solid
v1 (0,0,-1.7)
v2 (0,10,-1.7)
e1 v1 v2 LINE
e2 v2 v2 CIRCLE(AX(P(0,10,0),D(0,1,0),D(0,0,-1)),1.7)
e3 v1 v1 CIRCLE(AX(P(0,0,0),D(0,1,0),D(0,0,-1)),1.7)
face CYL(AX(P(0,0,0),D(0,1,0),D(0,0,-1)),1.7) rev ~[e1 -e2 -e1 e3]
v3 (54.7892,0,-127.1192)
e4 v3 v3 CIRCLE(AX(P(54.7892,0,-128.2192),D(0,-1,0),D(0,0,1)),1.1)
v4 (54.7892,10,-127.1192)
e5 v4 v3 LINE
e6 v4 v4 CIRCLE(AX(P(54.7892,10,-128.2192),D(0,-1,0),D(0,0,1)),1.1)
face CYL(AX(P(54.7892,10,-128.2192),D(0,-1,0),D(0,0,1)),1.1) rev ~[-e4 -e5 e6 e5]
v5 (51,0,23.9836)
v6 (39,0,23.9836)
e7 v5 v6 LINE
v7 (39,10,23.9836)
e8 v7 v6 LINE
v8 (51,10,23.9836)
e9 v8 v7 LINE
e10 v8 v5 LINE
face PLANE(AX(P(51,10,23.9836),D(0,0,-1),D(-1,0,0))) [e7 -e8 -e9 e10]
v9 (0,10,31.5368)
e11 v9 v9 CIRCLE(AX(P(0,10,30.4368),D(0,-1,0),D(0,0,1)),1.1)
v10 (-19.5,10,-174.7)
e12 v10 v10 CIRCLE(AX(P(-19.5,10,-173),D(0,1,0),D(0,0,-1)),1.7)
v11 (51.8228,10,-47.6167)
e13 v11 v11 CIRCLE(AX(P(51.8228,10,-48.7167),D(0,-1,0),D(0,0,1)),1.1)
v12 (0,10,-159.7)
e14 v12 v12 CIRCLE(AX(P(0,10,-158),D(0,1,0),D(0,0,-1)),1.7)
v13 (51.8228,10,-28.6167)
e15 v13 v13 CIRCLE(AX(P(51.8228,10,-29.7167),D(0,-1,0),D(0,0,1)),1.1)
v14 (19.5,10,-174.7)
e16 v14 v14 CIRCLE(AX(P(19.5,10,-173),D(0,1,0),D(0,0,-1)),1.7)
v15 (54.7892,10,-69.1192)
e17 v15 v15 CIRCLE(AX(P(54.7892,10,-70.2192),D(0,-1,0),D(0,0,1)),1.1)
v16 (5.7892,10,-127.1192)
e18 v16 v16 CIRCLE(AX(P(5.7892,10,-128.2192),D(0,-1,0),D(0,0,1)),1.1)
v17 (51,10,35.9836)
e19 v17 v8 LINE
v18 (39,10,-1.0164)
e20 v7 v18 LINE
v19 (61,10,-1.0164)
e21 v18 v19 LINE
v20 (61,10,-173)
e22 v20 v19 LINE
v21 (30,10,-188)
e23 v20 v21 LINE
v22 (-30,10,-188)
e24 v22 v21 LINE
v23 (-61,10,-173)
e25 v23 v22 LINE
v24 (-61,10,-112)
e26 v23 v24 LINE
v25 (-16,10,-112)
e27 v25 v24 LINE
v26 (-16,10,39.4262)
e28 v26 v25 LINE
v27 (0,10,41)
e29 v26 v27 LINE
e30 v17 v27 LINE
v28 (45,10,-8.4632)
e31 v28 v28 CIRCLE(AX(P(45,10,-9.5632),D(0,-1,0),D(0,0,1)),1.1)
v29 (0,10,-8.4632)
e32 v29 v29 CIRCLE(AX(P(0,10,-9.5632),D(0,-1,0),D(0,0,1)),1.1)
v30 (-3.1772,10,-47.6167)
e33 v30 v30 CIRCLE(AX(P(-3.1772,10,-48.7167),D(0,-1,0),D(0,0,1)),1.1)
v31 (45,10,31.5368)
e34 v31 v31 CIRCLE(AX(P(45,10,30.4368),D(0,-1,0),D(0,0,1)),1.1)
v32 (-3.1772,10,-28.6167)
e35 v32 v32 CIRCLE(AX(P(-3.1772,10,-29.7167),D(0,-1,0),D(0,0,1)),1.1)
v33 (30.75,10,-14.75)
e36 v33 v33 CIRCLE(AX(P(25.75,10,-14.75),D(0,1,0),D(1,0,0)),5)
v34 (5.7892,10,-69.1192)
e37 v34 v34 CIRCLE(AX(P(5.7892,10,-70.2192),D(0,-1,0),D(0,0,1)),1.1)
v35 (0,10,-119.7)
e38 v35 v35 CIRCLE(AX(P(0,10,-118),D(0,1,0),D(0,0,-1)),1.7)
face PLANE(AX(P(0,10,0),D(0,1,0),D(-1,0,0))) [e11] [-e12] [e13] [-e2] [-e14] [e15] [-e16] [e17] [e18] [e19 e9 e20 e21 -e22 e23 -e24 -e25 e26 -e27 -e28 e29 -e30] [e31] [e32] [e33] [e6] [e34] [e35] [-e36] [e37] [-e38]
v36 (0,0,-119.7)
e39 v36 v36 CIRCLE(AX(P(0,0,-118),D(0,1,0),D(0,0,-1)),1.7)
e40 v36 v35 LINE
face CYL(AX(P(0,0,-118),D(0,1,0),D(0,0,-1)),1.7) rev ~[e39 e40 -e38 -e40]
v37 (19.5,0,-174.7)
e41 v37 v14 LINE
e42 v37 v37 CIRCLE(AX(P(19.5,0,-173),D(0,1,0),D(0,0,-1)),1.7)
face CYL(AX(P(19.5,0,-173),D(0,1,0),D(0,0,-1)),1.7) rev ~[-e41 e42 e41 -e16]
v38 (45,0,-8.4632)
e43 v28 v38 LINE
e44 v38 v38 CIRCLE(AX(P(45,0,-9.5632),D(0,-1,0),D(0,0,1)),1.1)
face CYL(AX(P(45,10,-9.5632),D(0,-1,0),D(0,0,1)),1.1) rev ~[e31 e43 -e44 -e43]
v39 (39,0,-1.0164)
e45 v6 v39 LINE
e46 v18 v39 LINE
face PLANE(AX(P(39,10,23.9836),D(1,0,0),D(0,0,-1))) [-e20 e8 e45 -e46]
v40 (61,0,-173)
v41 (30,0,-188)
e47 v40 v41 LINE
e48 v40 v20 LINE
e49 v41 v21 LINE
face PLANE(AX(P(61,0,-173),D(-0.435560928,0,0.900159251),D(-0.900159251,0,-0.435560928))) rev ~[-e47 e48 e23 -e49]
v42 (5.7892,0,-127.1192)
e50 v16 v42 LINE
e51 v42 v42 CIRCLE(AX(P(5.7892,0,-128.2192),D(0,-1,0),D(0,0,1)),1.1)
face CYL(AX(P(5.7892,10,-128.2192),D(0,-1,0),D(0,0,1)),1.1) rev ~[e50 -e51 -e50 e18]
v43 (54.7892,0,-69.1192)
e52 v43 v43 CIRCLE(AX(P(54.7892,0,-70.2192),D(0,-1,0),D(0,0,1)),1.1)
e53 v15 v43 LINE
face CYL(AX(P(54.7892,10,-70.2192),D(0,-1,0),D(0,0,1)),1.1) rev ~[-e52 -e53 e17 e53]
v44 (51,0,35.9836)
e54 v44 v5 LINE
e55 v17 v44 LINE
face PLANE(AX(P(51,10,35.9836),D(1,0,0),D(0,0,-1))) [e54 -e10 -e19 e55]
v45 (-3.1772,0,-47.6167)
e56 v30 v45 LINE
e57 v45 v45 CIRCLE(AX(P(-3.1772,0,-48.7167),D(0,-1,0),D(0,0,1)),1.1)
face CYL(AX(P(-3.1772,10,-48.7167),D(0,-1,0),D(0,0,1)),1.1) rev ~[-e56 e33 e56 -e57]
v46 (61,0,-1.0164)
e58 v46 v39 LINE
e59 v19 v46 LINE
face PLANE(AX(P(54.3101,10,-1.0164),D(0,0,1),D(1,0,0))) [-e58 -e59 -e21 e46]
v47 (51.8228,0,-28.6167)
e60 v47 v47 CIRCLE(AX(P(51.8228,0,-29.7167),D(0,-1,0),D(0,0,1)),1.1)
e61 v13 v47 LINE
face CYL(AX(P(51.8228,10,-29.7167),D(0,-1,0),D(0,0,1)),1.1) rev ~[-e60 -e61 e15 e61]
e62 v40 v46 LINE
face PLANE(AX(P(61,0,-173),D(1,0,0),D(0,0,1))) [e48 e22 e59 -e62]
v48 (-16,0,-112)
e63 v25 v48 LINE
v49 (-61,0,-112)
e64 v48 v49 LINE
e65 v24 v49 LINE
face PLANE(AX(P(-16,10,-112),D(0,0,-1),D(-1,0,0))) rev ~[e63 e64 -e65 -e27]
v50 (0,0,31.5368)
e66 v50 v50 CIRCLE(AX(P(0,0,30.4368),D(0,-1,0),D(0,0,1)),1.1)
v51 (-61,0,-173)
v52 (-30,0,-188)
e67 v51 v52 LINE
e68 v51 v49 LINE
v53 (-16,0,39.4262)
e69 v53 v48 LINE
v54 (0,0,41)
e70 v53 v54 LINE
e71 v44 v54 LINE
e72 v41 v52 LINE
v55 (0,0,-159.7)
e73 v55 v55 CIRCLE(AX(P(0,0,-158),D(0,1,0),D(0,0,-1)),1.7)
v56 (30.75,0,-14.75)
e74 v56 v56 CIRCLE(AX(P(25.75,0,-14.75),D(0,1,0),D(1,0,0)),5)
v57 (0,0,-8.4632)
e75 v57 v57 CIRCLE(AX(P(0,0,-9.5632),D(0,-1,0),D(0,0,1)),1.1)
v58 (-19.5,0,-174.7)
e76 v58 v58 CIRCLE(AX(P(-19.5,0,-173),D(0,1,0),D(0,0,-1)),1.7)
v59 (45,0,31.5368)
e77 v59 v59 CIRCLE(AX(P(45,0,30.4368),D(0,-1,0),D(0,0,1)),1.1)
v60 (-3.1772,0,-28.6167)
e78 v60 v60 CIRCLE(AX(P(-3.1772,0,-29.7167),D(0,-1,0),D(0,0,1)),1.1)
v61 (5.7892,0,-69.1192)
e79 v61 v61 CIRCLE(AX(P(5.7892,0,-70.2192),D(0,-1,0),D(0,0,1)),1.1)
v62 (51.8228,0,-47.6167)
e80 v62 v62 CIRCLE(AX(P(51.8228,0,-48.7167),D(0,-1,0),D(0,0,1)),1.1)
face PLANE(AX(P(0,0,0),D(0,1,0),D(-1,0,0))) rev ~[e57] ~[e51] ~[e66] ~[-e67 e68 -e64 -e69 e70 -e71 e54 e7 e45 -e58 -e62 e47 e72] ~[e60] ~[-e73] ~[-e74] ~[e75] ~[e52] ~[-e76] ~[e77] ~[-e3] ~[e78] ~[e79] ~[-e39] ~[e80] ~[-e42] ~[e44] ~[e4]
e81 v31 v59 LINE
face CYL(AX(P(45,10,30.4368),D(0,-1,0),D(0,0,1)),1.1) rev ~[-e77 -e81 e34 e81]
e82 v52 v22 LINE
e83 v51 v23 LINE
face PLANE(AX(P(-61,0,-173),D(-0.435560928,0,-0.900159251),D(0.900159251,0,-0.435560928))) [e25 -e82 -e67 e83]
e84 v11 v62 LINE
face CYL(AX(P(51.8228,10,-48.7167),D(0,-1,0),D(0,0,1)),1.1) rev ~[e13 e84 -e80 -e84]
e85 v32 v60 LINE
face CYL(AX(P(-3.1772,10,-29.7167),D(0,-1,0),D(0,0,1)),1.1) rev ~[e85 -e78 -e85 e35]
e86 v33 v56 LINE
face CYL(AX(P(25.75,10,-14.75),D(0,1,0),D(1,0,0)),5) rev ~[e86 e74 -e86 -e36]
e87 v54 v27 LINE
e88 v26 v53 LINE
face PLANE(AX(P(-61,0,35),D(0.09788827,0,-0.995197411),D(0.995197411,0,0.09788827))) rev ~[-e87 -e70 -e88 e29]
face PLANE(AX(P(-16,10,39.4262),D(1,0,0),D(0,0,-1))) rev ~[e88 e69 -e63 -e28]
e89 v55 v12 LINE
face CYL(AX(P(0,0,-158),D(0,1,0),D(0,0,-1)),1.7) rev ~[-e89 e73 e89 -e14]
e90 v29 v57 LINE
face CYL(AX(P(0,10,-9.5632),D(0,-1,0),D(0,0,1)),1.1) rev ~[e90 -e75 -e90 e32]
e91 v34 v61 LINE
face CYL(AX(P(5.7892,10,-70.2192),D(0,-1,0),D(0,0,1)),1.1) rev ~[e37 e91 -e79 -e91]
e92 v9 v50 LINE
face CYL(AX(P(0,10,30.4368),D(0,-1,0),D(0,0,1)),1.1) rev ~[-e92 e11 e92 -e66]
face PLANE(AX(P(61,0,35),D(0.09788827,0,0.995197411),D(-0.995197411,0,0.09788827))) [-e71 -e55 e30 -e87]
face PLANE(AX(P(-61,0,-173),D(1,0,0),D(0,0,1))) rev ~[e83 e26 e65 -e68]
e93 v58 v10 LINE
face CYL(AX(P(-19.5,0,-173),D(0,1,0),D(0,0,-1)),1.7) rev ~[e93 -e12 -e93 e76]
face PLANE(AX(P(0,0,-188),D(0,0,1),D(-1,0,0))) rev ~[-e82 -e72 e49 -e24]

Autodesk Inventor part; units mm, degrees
ref_plane "YZ Plane" through (0, 0, 0) normal (1, 0, 0) x (0, 1, 0)
ref_plane "XZ Plane" through (0, 0, 0) normal (0, 1, 0) x (-1, 0, 0)
ref_plane "XY Plane" through (0, 0, 0) normal (0, 0, 1) x (1, 0, 0)
sketch "Sketch1" plane through (0, 0, 0) normal (0, 1, 0) x (-1, 0, 0)
  line L0 (19.5, -173) -> (0, -173) construction
  line L1 (0, -173) -> (-19.5, -173) construction
  line L2 (61, -173) -> (61, 35)
  line L3 (0, 0) -> (0, -173) construction
  line L4 (0, -188) -> (30, -188)
  line L5 (61, -173) -> (30, -188)
  line L6 (61, 35) -> (0, 41)
  line L7 (-61, -173) -> (-61, 35)
  line L8 (0, -188) -> (-30, -188)
  line L9 (-61, -173) -> (-30, -188)
  line L10 (-61, 35) -> (0, 41)
  point P0 (0, -118)
  point P1 (0, -158)
  dimension "d0" = 118
  dimension "d1" = 40
  dimension "d2" = 19.5
  dimension "d3" = 15
  dimension "d4" = 61
  dimension "d6" = 15
  dimension "d7" = 35
  dimension "d8" = 41
  dimension "d11" = 30
extrude "uitlijn plaatje" add sketch "Sketch1" along normal blind 10
hole "Hole1" at (-19.5, 0, -173) at (19.5, 0, -173) at (0, 0, 0) at (0, 0, -118) at (0, 0, -158) direction (0, 1, 0) diameter 3.4 end through all clearance for "Hex Head Cap Screw ISO 24017" size "M3" standard "ISO"
sketch "batterij uitsnijding" plane through (0, 10, 0) normal (0, 1, 0) x (1, 0, 0)
  line L0 (-61, -35) -> (0, -41) projected
  line L1 (-16, -39.4262) -> (-16, 112)
  line L2 (-16, 112) -> (-61, 112)
  line L3 (-61, 173) -> (-61, -35) projected
  point P0 (0, 0)
  dimension "d21" = 45
  dimension "d22" = 112
extrude "Extrusion2" cut sketch "batterij uitsnijding" against normal blind 10
sketch "Sketch3" plane through (0, 10, 0) normal (0, 1, 0) x (1, 0, 0)
  circle A0 centre (25.75, 14.75) radius 5
  point P0 (0, 0)
  dimension "d26" = 14.75
  dimension "d27" = 25.75
  dimension "d28" = 10
extrude "Extrusion3" cut sketch "Sketch3" against normal blind 10
sketch "Sketch4" plane through (0, 10, 0) normal (0, 1, 0) x (1, 0, 0)
  line L0 (56.6557, 151.7192) -> (-9.4519, 151.7192)
  line L1 (-9.4519, 151.7192) -> (-9.4519, 66.7192)
  line L2 (-9.4519, 66.7192) -> (56.6557, 66.7192)
  line L3 (56.6557, 66.7192) -> (56.6557, 151.7192)
  point P0 (0, 0)
  point P1 (0, -30.4368)
  point P2 (0, 9.5632)
  point P3 (45, -30.4368)
  point P4 (45, 9.5632)
  point P5 (51.8228, 48.7167)
  point P6 (51.8228, 29.7167)
  point P7 (-3.1772, 48.7167)
  point P8 (-3.1772, 29.7167)
  point P9 (5.7892, 70.2192)
  point P10 (54.7892, 70.2192)
  point P11 (54.7892, 128.2192)
  point P12 (5.7892, 128.2192)
  dimension "d31" = 40
  dimension "d32" = 45
  dimension "d33" = 19
  dimension "d34" = 55
  dimension "d35" = 58
  dimension "d36" = 49
  dimension "d37" = 55
  dimension "d38" = 19
  dimension "d39" = 85
  dimension "d40" = 3.5
hole "Hole2" at (0, 10, 30.4368) at (0, 10, -9.5632) at (45, 10, 30.4368) at (45, 10, -9.5632) at (51.8228, 10, -48.7167) at (51.8228, 10, -29.7167) at (-3.1772, 10, -48.7167) at (-3.1772, 10, -29.7167) at (5.7892, 10, -70.2192) at (54.7892, 10, -70.2192) at (54.7892, 10, -128.2192) at (5.7892, 10, -128.2192) direction (0, -1, 0) diameter 2.2 end through all
sketch "Sketch5" plane through (0, 10, 0) normal (0, 1, 0) x (1, 0, 0)
  line L0 (0, -41) -> (61, -35) projected
  line L1 (51, -35.9836) -> (51, -23.9836)
  line L2 (51, -23.9836) -> (39, -23.9836)
  line L3 (39, -23.9836) -> (39, 1.0164)
  line L4 (39, 1.0164) -> (54.3101, 1.0164)
  line L5 (54.3101, 1.0164) -> (61, 1.0164)
  line L6 (61, -35) -> (61, 173) projected
  point P0 (0, 0)
  dimension "d48" = 25
  dimension "d49" = 12
  dimension "d50" = 10
  dimension "d51" = 12
extrude "Extrusion4" cut sketch "Sketch5" against normal blind 10
properties part number "montageplaatje"
